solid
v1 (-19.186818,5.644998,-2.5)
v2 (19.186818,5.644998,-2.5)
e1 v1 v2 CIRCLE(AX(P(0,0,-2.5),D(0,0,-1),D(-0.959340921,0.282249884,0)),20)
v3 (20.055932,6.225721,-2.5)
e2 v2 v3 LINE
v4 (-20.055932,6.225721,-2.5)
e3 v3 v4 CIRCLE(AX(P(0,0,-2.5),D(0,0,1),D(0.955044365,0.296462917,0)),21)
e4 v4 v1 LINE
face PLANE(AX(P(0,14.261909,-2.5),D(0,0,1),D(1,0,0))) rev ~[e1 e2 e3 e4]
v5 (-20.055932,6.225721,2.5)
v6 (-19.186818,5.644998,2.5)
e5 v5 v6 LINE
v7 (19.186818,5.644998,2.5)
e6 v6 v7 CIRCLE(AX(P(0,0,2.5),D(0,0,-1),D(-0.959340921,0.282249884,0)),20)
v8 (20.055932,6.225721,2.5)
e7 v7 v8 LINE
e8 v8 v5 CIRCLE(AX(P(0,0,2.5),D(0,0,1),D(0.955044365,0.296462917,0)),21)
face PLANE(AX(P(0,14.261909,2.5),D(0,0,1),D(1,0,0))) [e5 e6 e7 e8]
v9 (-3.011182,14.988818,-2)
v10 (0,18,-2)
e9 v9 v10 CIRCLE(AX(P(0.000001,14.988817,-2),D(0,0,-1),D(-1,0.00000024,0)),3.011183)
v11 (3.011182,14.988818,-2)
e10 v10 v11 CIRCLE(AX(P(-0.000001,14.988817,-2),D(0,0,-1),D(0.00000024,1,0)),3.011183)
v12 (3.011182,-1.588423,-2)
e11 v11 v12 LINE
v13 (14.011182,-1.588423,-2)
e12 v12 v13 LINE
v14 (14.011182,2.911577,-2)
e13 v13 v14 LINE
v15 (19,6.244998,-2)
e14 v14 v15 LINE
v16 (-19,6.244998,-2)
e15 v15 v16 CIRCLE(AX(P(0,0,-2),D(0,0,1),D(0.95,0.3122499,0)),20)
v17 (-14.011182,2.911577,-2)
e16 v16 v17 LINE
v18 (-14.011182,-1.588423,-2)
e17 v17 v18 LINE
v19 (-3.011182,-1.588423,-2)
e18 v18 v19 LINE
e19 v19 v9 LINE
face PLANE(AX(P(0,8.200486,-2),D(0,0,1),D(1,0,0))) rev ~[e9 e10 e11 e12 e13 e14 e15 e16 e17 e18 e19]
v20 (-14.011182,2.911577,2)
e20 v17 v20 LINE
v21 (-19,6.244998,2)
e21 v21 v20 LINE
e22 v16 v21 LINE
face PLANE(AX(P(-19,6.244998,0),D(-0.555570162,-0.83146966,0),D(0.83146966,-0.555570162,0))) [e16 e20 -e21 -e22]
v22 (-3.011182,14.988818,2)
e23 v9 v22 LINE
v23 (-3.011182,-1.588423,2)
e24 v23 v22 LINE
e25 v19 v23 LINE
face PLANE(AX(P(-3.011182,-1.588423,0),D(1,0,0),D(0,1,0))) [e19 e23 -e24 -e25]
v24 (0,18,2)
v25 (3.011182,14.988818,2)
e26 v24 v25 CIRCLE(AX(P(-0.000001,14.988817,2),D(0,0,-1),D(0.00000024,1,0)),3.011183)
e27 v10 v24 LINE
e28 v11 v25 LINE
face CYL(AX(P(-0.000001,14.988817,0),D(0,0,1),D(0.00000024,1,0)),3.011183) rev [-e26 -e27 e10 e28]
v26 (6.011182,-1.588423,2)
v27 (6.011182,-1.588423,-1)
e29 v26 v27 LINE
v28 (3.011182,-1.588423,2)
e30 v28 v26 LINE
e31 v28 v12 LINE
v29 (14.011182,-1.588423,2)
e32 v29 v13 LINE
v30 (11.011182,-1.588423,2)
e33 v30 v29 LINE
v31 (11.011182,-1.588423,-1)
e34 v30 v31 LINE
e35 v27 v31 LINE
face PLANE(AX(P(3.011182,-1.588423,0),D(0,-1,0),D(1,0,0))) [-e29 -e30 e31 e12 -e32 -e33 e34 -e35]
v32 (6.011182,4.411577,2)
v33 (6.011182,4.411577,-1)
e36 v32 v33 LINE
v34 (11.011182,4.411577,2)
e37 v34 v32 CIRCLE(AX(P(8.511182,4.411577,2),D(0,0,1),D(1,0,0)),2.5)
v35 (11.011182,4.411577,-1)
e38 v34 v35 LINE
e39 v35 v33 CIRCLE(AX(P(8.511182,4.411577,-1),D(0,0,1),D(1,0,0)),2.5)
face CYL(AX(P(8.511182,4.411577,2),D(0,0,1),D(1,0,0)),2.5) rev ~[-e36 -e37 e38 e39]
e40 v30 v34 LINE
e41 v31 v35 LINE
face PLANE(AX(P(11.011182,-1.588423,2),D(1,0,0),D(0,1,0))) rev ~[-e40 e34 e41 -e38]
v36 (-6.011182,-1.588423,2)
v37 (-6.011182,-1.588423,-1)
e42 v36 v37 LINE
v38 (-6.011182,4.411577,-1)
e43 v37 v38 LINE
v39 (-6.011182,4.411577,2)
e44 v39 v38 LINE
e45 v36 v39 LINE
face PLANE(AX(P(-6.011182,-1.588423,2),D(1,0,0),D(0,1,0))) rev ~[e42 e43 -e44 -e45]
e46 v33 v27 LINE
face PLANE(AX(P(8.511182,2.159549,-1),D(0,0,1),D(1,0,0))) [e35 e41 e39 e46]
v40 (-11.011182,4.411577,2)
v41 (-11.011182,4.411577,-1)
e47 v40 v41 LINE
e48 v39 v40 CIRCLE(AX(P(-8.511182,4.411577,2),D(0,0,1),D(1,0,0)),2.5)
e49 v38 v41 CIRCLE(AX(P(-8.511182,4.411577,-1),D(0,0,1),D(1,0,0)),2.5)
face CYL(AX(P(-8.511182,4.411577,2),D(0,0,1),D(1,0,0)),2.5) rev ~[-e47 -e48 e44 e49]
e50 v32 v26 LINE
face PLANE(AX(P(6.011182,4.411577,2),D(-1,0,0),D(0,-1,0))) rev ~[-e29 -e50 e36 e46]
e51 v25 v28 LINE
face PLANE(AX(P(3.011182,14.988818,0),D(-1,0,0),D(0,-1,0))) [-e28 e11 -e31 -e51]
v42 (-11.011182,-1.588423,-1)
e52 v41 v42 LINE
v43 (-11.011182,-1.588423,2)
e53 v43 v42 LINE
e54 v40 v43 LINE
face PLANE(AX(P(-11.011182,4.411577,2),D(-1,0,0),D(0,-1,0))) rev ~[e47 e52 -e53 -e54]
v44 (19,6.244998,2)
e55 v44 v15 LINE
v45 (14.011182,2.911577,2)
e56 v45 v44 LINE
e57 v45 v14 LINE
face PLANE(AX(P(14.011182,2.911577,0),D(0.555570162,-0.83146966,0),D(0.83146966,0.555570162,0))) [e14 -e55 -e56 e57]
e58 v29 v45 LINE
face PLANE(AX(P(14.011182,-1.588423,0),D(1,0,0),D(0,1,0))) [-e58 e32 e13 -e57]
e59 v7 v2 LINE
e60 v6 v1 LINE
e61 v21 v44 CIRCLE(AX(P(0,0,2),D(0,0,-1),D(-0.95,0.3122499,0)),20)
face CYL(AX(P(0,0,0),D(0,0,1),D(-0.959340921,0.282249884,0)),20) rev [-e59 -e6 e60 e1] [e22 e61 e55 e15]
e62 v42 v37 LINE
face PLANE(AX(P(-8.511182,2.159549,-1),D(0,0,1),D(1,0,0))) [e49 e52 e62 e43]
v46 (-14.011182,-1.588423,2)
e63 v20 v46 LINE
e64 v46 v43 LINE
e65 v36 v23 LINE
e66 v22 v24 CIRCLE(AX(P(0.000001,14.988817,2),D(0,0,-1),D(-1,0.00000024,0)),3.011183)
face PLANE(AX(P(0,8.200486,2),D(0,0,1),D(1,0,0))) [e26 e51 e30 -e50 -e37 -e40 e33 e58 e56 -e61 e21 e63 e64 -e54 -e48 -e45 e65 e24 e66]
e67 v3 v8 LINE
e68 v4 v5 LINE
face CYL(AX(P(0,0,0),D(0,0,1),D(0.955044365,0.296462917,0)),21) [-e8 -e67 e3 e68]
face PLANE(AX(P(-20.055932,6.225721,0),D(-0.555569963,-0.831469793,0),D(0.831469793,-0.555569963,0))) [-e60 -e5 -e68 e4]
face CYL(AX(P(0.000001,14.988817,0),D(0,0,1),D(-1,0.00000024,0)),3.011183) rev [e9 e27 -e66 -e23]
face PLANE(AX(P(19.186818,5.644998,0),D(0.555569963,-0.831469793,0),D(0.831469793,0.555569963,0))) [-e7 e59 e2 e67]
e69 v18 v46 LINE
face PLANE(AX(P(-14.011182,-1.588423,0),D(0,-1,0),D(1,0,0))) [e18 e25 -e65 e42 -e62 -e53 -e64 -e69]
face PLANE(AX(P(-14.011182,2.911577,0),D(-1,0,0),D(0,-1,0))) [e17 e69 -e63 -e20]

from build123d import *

# Parameters (mm, degrees)
F1_DEPTH      = 2
F1_DEPTH_BACK = 2
F3_DEPTH      = 2.5
F3_DEPTH_BACK = 2.5
F5_DEPTH      = 3


with BuildPart() as f1:
    # F0 (on Top) → F1 (new body, two sides)
    with BuildSketch(Plane.XY) as f1_sk:
        with BuildLine():
            Line((14.011182, 2.911577), (19, 6.244998))
            ThreePointArc((19, 6.244998), (0, 20), (-19, 6.244998))
            Line((-19, 6.244998), (-14.011182, 2.911577))
            Line((-14.011182, 2.911577), (-14.011182, -1.588423))
            Line((-14.011182, -1.588423), (-3.011182, -1.588423))
            Line((-3.011182, -1.588423), (-3.011182, 14.988818))
            ThreePointArc((-3.011182, 14.988818), (-2.129227, 17.118045), (0, 18))
            ThreePointArc((0, 18), (2.129227, 17.118045), (3.011182, 14.988818))
            Line((3.011182, 14.988818), (3.011182, -1.588423))
            Line((3.011182, -1.588423), (14.011182, -1.588423))
            Line((14.011182, -1.588423), (14.011182, 2.911577))
        make_face()
    extrude(amount=F1_DEPTH)
    extrude(f1_sk.sketch, amount=-F1_DEPTH_BACK)

    # F2 (on Top) → F3 (join, two sides)
    with BuildSketch(Plane.XY) as f3_sk:
        with BuildLine():
            Line((19.186818, 5.644998), (20.055932, 6.225721))
            ThreePointArc((20.055932, 6.225721), (0, 21), (-20.055932, 6.225721))
            Line((-20.055932, 6.225721), (-19.186818, 5.644998))
            ThreePointArc((-19.186818, 5.644998), (0, 20), (19.186818, 5.644998))
        make_face()
    extrude(amount=F3_DEPTH)
    extrude(f3_sk.sketch, amount=-F3_DEPTH_BACK)

    # F4 (on face) → F5 (cut)
    with BuildSketch(Plane.XY.offset(2)):
        with BuildLine():
            Line((-11.011182, 4.411577), (-11.011182, -1.588423))
            Line((-11.011182, -1.588423), (-6.011182, -1.588423))
            Line((-6.011182, -1.588423), (-6.011182, 4.411577))
            ThreePointArc((-6.011182, 4.411577), (-8.511182, 6.911577), (-11.011182, 4.411577))
        make_face()
        with BuildLine():
            Line((6.011182, 4.411577), (6.011182, -1.588423))
            Line((6.011182, -1.588423), (11.011182, -1.588423))
            Line((11.011182, -1.588423), (11.011182, 4.411577))
            ThreePointArc((11.011182, 4.411577), (8.511182, 6.911577), (6.011182, 4.411577))
        make_face()
    extrude(amount=-F5_DEPTH, mode=Mode.SUBTRACT)


solid = f1.part
